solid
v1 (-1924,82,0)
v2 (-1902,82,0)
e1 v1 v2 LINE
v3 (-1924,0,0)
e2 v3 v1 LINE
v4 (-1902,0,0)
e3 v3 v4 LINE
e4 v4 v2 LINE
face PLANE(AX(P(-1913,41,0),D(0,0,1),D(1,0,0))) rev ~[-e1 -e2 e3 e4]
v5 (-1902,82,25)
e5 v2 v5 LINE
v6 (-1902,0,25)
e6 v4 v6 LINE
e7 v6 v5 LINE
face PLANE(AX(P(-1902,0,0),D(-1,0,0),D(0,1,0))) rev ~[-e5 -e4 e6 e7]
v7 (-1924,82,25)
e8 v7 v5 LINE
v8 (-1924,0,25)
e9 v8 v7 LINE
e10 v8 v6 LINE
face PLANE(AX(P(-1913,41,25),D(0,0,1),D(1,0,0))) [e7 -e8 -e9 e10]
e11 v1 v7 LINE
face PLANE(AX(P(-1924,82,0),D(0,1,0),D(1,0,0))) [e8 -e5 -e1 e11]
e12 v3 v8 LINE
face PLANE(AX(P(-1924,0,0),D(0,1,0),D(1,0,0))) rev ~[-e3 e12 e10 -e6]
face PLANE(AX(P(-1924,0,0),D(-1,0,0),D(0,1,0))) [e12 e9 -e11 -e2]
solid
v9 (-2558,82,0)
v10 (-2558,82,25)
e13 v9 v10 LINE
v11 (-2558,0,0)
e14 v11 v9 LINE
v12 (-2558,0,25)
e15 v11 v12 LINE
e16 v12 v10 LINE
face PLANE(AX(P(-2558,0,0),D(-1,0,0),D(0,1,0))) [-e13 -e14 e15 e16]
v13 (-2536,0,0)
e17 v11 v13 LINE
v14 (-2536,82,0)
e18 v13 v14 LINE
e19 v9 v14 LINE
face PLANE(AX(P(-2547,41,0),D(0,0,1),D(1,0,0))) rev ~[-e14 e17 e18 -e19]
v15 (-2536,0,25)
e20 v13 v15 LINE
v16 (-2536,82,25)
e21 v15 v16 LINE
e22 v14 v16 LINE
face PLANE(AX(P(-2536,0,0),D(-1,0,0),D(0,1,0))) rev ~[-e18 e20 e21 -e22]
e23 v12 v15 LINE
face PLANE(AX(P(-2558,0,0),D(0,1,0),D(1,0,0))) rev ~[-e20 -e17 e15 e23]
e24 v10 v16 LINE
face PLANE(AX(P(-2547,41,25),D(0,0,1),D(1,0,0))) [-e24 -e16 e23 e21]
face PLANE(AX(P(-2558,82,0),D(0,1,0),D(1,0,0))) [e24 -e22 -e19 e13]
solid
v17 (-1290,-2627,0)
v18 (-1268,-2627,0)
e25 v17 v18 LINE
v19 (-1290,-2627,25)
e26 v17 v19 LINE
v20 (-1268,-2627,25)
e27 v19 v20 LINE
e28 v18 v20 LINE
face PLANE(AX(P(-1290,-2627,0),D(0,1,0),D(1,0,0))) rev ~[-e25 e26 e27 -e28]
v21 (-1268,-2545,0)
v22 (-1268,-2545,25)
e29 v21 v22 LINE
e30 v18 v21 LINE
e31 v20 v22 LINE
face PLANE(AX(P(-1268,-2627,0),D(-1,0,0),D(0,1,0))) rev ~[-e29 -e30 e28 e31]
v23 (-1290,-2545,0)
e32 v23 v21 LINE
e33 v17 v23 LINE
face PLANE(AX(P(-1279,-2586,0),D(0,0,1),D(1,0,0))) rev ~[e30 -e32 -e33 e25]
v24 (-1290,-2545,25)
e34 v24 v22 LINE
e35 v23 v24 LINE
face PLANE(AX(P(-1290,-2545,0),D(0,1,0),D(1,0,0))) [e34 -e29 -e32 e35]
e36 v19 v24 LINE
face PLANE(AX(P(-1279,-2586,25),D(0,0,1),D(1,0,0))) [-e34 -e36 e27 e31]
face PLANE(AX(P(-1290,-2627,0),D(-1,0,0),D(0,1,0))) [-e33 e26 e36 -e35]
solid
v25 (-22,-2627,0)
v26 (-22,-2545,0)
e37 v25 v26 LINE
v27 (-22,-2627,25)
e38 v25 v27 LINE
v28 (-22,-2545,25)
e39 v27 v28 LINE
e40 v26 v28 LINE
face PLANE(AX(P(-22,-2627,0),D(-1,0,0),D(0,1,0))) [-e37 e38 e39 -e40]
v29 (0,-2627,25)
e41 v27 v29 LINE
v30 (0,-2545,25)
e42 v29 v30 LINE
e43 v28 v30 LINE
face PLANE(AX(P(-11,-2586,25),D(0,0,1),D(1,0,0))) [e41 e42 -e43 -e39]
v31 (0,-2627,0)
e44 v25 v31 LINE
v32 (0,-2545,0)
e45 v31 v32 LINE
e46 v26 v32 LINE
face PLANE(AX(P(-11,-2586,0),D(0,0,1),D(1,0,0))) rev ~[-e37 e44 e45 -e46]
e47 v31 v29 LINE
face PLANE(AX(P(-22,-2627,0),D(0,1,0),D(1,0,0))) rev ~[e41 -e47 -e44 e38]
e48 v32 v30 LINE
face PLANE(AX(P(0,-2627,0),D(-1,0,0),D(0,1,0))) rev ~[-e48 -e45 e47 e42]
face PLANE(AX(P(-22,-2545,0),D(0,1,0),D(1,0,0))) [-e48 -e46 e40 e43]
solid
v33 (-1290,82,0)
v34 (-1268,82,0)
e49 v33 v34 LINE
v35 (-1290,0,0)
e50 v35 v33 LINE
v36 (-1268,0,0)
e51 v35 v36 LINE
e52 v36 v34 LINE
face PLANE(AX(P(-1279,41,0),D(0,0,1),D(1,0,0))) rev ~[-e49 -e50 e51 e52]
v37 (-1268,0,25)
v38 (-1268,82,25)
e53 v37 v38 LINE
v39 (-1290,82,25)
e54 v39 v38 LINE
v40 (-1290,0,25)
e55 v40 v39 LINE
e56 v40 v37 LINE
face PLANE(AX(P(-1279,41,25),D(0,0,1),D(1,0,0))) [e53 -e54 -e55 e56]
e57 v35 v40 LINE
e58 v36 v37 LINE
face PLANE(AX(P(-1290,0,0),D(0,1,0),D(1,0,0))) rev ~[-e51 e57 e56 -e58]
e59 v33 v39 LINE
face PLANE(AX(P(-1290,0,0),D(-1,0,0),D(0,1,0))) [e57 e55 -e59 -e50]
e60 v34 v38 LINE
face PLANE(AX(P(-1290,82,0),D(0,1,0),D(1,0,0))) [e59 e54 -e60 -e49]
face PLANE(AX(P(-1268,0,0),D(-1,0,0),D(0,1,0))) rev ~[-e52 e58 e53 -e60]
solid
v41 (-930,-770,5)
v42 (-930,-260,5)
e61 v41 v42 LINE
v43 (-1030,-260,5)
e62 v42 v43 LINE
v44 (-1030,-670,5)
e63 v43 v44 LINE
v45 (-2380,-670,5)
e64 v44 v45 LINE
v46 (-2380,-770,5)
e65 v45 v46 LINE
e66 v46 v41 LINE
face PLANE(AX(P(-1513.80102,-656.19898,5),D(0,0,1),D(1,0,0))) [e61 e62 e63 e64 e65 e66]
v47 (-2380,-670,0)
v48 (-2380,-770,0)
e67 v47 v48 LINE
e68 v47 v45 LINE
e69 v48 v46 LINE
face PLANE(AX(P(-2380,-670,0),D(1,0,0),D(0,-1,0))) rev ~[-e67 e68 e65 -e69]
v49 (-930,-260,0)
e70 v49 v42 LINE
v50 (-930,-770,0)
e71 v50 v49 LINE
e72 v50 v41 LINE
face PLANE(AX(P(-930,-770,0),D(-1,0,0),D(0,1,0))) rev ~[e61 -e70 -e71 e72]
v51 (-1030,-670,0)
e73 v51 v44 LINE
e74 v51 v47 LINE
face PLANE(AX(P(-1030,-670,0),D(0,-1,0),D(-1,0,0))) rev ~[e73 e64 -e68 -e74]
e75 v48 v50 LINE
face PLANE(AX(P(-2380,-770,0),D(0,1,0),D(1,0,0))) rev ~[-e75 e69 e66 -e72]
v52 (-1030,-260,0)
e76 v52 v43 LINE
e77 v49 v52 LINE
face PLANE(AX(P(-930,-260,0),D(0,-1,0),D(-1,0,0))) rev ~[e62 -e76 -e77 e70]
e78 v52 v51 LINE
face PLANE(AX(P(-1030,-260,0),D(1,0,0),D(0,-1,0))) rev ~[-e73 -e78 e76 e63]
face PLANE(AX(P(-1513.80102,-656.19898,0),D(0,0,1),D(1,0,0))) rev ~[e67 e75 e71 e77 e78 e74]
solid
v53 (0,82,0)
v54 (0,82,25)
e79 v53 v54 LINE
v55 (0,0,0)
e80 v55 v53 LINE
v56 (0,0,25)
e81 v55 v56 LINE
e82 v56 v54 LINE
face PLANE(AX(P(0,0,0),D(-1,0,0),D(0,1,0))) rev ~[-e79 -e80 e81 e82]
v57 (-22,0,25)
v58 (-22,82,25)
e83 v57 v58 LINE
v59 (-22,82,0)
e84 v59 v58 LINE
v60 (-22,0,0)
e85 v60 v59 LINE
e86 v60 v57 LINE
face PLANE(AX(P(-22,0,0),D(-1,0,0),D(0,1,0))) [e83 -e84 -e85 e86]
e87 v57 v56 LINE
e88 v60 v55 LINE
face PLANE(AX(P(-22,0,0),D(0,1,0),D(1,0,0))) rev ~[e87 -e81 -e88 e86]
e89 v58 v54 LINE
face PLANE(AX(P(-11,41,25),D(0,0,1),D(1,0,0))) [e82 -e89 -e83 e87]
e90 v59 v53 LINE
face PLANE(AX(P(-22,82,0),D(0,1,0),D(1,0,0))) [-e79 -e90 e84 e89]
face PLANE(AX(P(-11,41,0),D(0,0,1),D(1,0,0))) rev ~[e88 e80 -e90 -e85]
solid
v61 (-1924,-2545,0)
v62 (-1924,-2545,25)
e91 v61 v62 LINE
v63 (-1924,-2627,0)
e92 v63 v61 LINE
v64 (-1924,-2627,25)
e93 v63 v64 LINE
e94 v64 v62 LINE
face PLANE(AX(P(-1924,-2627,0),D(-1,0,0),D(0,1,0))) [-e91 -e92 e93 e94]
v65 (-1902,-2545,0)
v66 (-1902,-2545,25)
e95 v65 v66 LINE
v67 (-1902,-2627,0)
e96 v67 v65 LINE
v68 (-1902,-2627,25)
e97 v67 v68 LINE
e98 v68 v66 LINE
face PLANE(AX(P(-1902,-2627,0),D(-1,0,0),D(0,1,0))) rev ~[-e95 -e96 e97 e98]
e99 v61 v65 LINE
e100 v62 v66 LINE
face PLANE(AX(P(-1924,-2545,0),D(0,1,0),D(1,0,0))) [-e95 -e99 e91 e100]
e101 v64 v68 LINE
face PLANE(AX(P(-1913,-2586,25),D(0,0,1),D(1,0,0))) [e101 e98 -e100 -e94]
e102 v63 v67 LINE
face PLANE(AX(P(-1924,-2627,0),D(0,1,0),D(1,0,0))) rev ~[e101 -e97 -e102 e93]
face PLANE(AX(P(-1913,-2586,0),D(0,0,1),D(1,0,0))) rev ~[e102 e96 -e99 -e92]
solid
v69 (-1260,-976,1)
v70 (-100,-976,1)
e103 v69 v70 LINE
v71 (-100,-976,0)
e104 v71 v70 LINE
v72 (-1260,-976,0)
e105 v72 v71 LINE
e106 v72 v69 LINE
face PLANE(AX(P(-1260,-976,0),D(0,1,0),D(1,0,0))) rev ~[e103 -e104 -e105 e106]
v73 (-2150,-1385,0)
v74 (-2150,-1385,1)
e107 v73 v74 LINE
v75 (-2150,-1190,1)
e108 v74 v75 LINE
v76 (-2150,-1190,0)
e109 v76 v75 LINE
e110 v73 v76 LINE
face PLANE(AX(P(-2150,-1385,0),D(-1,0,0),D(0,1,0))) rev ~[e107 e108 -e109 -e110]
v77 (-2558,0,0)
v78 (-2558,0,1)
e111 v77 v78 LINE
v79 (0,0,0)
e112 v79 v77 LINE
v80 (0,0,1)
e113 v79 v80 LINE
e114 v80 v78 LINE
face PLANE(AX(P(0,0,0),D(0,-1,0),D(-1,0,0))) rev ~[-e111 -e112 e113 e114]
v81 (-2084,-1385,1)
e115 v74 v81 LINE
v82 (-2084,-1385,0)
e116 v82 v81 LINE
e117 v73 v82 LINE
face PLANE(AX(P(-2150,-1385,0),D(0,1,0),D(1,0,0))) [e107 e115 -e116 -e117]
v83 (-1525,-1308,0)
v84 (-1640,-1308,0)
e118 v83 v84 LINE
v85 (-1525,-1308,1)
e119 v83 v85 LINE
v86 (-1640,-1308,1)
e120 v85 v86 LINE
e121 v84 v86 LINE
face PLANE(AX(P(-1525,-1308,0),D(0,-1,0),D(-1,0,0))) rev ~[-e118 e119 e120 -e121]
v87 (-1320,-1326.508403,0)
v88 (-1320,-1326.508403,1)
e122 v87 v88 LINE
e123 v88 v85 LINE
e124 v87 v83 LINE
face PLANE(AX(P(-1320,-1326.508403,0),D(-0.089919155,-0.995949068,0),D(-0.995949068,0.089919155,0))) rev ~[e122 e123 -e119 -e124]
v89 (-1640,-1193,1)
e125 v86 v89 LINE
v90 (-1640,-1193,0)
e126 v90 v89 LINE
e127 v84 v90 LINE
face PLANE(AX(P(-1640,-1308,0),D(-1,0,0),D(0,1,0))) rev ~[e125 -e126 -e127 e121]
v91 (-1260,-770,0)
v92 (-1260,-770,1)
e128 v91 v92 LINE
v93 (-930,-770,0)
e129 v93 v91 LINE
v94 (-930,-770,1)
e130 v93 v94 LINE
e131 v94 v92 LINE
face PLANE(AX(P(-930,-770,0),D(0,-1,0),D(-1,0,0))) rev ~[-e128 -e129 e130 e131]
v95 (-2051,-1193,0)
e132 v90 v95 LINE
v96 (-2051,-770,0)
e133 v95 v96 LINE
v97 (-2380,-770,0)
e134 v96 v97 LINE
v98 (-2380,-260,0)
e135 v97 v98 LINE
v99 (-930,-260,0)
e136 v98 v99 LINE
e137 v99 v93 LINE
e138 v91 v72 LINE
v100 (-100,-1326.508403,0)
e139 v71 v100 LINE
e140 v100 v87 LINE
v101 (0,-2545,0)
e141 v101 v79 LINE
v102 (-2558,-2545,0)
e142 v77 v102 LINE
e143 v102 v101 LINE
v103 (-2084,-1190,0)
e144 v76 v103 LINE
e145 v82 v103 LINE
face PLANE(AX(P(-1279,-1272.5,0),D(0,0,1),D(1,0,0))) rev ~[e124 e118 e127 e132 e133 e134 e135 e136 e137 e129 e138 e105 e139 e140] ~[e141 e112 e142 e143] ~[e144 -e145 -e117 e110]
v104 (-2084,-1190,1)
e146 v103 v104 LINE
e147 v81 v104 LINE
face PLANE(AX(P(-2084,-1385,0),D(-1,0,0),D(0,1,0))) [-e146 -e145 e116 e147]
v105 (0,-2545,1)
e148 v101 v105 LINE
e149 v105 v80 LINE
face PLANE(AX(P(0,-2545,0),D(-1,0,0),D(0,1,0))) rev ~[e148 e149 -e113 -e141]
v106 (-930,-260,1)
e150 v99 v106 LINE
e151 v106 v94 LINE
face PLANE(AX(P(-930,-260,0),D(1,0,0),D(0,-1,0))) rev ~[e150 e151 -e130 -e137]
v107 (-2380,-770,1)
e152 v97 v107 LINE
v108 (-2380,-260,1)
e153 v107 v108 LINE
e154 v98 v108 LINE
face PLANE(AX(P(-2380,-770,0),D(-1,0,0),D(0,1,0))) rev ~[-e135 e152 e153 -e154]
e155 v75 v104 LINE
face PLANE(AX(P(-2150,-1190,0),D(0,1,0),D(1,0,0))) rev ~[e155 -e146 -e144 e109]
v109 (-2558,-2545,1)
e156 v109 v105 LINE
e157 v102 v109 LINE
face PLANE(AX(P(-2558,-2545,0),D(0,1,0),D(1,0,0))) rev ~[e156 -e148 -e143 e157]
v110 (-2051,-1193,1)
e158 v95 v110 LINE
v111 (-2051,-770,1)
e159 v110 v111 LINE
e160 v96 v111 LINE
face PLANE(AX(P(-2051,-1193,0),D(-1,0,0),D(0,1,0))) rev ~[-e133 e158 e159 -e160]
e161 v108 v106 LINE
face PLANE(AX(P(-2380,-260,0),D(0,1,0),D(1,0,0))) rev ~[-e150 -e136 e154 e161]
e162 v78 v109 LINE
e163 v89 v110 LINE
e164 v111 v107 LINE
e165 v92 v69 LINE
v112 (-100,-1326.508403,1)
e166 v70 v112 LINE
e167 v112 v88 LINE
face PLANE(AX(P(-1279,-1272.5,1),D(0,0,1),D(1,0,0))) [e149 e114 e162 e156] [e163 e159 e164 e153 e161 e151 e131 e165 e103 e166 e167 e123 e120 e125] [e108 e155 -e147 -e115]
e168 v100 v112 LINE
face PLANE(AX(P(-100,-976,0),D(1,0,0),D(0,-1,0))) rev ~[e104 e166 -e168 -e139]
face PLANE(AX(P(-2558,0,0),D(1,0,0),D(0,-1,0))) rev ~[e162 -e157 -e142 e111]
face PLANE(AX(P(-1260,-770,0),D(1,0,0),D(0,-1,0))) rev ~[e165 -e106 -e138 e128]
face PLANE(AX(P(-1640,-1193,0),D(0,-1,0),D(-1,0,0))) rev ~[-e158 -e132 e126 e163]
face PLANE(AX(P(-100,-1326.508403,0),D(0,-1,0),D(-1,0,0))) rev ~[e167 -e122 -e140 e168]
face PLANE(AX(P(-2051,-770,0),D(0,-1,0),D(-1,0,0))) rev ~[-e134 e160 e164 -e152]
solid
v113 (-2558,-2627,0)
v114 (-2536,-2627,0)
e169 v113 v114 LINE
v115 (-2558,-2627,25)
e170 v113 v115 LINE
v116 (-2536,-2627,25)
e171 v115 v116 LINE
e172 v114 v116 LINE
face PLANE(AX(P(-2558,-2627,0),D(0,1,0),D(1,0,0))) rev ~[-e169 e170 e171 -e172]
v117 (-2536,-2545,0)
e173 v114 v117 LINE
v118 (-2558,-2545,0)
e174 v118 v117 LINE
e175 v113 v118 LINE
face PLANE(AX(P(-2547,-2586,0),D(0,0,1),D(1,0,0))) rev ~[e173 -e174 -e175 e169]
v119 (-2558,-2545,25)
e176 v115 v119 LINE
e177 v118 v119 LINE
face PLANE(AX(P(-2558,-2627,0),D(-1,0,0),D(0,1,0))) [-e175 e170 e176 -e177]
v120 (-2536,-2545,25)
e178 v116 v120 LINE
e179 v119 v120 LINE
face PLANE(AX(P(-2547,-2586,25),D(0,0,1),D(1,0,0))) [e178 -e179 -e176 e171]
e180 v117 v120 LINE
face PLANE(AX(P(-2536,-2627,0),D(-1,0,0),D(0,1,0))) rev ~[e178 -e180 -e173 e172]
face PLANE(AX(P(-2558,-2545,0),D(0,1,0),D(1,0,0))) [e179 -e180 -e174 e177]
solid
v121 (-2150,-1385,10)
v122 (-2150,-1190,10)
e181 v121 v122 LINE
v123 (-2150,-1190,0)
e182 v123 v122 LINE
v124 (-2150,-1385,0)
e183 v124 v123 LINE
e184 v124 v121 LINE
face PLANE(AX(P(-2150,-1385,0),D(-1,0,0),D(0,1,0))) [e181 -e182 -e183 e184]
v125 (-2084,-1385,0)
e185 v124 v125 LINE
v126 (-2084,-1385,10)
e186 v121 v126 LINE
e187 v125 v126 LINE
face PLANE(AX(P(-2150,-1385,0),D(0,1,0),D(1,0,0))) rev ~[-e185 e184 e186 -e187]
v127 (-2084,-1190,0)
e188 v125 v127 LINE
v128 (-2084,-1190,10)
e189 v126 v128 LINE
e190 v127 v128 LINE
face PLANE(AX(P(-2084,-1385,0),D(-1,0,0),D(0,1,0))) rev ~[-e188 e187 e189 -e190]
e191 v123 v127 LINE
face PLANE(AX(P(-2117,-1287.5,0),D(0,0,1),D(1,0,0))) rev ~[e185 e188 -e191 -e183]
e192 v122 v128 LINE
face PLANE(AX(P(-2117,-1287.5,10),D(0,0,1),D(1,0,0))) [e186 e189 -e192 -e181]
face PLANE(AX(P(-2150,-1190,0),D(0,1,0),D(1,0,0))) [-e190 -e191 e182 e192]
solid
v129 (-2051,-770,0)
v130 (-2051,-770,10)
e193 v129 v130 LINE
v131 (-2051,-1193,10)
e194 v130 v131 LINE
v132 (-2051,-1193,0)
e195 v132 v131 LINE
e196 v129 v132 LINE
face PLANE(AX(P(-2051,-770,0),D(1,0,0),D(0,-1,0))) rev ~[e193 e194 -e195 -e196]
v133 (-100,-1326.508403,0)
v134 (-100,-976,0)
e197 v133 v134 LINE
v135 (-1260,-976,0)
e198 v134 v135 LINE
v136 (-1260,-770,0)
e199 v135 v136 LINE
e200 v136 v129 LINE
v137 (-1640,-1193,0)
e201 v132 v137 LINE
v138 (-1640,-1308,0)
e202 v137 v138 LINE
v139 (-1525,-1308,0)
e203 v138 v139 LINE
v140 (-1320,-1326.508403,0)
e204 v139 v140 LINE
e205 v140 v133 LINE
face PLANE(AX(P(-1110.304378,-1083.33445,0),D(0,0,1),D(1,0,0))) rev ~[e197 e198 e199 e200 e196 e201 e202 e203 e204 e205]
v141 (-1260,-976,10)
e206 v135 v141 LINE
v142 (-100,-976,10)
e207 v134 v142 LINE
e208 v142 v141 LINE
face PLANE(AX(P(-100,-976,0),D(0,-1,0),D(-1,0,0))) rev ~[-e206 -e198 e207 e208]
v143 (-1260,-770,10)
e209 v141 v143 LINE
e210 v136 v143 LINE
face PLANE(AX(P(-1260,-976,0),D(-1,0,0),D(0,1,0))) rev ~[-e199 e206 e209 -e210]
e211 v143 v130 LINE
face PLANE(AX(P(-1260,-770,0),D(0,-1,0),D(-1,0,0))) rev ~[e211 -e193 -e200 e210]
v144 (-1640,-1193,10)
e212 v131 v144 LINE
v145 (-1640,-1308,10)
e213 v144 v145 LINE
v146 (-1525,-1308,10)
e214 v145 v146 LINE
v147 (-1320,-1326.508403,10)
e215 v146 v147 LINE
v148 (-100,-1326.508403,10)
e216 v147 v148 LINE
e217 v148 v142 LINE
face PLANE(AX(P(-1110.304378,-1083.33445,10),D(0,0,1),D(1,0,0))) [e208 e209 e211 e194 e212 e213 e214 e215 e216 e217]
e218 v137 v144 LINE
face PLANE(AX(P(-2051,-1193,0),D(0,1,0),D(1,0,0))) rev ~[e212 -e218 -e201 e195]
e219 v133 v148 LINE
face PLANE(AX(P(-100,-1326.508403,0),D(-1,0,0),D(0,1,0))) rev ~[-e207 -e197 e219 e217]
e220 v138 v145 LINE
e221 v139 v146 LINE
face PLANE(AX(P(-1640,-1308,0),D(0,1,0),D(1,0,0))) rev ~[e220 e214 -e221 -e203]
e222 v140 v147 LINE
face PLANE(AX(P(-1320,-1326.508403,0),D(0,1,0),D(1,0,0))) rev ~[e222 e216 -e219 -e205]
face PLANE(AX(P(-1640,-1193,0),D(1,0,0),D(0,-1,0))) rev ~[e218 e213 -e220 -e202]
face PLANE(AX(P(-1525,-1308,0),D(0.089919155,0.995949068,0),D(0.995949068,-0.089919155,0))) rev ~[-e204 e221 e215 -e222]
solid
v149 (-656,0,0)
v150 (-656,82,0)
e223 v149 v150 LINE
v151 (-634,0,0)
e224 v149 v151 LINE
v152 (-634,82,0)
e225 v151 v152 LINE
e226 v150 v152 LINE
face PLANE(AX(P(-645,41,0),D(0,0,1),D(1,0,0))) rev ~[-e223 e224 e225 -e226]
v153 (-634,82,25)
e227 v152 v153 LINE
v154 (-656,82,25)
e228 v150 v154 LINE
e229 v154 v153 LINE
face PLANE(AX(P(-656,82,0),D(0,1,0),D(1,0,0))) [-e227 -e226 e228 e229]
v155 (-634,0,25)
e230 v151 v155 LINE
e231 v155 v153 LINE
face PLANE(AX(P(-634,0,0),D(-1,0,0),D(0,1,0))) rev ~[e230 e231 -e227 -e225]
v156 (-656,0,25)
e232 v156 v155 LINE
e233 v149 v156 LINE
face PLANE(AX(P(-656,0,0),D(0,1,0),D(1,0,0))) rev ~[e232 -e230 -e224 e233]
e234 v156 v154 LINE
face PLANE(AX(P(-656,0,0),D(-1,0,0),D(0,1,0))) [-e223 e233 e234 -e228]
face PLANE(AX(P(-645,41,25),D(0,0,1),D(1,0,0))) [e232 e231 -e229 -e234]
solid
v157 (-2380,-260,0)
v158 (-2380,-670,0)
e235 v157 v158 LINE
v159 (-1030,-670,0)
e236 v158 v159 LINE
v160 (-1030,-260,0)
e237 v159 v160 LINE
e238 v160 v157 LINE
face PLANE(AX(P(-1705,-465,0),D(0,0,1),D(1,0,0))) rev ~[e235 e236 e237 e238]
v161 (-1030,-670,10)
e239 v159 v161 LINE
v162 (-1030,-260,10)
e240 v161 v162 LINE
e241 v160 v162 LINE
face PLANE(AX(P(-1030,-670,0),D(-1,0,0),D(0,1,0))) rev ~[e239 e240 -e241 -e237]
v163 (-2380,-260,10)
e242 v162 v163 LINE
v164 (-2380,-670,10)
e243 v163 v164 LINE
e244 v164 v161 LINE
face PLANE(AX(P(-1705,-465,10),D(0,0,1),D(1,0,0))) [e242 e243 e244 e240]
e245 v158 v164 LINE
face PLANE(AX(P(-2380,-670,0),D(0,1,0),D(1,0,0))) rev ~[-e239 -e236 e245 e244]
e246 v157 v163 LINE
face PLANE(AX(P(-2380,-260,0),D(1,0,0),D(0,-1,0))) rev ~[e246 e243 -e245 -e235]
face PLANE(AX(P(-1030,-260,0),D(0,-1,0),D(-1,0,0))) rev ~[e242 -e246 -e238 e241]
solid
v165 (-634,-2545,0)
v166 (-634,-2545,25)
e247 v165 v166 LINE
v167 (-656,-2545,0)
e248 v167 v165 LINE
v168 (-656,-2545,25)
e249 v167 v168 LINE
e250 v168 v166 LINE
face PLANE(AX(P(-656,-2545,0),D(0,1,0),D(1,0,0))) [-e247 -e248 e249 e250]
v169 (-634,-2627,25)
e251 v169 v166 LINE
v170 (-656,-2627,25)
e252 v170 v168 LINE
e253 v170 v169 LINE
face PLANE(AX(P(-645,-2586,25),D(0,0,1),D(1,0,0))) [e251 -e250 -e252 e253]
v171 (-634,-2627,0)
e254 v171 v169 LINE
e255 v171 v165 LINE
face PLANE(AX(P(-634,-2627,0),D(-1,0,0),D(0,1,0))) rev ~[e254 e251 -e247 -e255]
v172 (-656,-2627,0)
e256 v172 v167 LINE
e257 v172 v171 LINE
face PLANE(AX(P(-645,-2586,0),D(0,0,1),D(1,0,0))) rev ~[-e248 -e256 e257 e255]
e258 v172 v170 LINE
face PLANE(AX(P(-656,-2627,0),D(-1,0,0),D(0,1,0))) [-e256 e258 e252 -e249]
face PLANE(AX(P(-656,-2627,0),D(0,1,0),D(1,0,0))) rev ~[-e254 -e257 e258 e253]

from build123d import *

# Parameters (mm, degrees)
F1_DEPTH = 10
F0_W     = 66
F0_H     = 195
F2_DEPTH = 10
F3_DEPTH = 10
F0_W_2   = 22
F0_H_2   = 82
F4_DEPTH = 25
F5_DEPTH = 25
F6_DEPTH = 5
F7_DEPTH = 1


with BuildPart() as f1:
    # F0 (on Top) → F1 (new body)
    with BuildSketch(Plane.XY):
        Polygon((-1260, -976), (-1260, -770), (-2051, -770), (-2051, -1193), (-1640, -1193), (-1640, -1308), (-1525, -1308), (-1320, -1326.508403), (-100, -1326.508403), (-100, -976), align=None)
    extrude(amount=F1_DEPTH)


with BuildPart() as f2:
    # F0 (on Top) → F2 (new body)
    with BuildSketch(Plane.XY):
        with Locations((-2117, -1287.5)):
            Rectangle(F0_W, F0_H)
    extrude(amount=F2_DEPTH)


with BuildPart() as f3:
    # F0 (on Top) → F3 (new body)
    with BuildSketch(Plane.XY):
        Polygon((-1030, -670), (-1030, -260), (-2380, -260), (-2380, -670), (-2150, -670), align=None)
    extrude(amount=F3_DEPTH)


with BuildPart() as f4:
    # F0 (on Top) → F4 (new body)
    with BuildSketch(Plane.XY):
        with Locations((-2547, 41)):
            Rectangle(F0_W_2, F0_H_2)
        with Locations((-1913, 41)):
            Rectangle(F0_W_2, F0_H_2)
        with Locations((-1279, 41)):
            Rectangle(F0_W_2, F0_H_2)
        with Locations((-645, 41)):
            Rectangle(F0_W_2, F0_H_2)
        with Locations((-11, 41)):
            Rectangle(F0_W_2, F0_H_2)
    extrude(amount=F4_DEPTH)


with BuildPart() as f5:
    # F0 (on Top) → F5 (new body)
    with BuildSketch(Plane.XY):
        with Locations((-2547, -2586)):
            Rectangle(F0_W_2, F0_H_2)
        with Locations((-1913, -2586)):
            Rectangle(F0_W_2, F0_H_2)
        with Locations((-1279, -2586)):
            Rectangle(F0_W_2, F0_H_2)
        with Locations((-645, -2586)):
            Rectangle(F0_W_2, F0_H_2)
        with Locations((-11, -2586)):
            Rectangle(F0_W_2, F0_H_2)
    extrude(amount=F5_DEPTH)


with BuildPart() as f6:
    # F0 (on Top) → F6 (new body)
    with BuildSketch(Plane.XY):
        Polygon((-930, -260), (-1030, -260), (-1030, -670), (-2150, -670), (-2380, -670), (-2380, -770), (-2051, -770), (-1260, -770), (-930, -770), align=None)
    extrude(amount=F6_DEPTH)


with BuildPart() as f7:
    # F0 (on Top) → F7 (new body)
    with BuildSketch(Plane.XY):
        Polygon((0, -976), (0, 0), (-22, 0), (-634, 0), (-656, 0), (-1268, 0), (-1290, 0), (-1902, 0), (-1924, 0), (-2536, 0), (-2558, 0), (-2558, -2545), (-2536, -2545), (-1924, -2545), (-1902, -2545), (-1290, -2545), (-1268, -2545), (-656, -2545), (-634, -2545), (-22, -2545), (0, -2545), (0, -1326.508403), align=None)
        with Locations((-2117, -1287.5)):
            Rectangle(F0_W, F0_H, mode=Mode.SUBTRACT)
        Polygon((-2380, -260), (-1030, -260), (-930, -260), (-930, -770), (-1260, -770), (-1260, -976), (-100, -976), (-100, -1326.508403), (-1320, -1326.508403), (-1525, -1308), (-1640, -1308), (-1640, -1193), (-2051, -1193), (-2051, -770), (-2380, -770), (-2380, -670), align=None, mode=Mode.SUBTRACT)
    extrude(amount=F7_DEPTH)


solid = Compound([f1.part, f2.part, f3.part, f4.part, f5.part, f6.part, f7.part])
